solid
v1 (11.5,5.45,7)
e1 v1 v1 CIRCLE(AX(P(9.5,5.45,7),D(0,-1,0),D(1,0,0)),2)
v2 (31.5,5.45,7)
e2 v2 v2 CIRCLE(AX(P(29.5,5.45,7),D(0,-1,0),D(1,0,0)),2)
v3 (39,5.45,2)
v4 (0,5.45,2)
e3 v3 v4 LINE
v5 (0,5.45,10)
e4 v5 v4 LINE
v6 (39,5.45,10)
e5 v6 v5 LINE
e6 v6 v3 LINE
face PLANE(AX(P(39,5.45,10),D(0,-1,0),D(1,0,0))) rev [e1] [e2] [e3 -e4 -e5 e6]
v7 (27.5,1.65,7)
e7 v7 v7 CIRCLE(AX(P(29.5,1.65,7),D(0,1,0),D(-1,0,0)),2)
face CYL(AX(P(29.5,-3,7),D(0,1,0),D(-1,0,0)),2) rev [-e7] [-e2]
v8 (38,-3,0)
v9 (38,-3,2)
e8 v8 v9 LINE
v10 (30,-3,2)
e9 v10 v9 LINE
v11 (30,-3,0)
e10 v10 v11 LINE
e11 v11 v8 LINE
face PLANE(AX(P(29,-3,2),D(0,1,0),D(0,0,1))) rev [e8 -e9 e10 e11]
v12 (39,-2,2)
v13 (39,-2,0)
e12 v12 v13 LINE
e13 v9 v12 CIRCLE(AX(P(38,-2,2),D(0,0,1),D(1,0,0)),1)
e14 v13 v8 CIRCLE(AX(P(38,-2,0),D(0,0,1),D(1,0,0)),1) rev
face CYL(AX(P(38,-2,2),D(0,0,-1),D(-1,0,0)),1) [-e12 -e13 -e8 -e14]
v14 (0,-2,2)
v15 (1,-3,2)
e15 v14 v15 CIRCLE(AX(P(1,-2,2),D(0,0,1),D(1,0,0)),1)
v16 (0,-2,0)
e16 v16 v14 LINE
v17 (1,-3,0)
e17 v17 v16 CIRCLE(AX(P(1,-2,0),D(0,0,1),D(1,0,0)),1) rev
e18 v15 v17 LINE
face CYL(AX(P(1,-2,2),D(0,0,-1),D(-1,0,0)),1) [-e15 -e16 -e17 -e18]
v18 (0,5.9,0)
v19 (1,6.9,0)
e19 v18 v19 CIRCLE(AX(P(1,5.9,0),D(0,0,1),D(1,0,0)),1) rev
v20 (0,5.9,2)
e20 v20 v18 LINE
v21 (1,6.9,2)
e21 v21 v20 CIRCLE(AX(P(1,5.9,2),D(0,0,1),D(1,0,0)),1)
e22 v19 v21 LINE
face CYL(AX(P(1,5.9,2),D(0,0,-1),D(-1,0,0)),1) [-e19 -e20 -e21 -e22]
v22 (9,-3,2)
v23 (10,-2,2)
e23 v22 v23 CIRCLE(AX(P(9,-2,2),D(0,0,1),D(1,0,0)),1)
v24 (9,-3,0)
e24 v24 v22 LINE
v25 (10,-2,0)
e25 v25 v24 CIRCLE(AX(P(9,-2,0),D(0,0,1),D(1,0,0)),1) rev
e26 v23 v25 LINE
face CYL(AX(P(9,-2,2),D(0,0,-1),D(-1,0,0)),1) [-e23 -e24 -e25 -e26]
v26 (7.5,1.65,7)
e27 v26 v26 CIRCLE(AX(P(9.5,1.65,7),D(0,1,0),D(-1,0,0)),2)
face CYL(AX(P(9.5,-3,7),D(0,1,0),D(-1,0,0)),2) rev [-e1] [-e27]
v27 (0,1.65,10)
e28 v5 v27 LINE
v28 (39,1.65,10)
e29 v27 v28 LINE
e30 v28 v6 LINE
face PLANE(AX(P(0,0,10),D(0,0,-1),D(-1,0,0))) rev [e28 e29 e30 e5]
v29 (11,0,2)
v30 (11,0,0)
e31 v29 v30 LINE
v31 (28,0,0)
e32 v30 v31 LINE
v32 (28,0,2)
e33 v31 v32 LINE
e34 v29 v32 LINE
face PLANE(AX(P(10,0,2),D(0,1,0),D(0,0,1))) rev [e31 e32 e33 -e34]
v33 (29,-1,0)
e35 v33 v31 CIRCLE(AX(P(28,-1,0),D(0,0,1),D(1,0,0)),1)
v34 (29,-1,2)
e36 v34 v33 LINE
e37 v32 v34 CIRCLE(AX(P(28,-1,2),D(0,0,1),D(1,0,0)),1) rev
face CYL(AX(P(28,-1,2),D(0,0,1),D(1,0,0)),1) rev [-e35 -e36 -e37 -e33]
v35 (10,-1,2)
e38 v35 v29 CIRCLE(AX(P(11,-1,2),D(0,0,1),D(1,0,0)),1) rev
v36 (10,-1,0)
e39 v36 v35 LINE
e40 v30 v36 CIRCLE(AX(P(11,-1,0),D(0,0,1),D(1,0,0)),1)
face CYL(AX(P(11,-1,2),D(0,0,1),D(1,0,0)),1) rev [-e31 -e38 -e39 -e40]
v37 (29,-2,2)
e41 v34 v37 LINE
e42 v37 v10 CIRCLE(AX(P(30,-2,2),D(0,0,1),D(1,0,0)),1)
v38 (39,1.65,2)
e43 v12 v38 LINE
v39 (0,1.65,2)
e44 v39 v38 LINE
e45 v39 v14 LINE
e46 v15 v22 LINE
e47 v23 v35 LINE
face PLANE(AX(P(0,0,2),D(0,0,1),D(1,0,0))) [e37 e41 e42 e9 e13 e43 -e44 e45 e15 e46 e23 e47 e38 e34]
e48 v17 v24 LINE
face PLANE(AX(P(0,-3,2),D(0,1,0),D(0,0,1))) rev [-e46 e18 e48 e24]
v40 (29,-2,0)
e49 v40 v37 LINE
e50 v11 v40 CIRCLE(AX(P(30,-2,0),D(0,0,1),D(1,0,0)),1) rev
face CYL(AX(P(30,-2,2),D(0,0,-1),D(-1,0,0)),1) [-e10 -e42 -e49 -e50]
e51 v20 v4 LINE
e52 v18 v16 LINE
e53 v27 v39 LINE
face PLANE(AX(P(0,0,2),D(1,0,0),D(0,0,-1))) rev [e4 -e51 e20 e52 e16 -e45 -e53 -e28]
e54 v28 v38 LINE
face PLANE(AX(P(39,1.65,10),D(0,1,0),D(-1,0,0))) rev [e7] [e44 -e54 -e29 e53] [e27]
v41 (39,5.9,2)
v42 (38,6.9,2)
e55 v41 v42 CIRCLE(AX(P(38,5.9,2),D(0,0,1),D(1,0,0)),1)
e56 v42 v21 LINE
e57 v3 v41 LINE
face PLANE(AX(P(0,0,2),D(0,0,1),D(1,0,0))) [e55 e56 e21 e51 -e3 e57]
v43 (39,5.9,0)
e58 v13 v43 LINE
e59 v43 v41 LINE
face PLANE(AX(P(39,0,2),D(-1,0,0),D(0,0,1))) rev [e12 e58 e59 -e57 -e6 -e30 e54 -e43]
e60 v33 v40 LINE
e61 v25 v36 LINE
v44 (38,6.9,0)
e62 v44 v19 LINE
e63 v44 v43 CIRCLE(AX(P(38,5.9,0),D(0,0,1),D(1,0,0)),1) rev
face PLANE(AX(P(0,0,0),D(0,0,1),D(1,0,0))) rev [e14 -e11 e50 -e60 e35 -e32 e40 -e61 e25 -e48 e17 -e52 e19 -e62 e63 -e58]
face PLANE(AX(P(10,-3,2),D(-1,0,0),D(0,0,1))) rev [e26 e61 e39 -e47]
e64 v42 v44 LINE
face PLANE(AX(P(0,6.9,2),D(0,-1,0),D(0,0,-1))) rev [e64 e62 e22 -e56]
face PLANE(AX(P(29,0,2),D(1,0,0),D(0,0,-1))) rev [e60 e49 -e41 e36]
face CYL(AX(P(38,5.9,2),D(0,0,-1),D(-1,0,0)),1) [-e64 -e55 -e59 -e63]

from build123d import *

# Parameters (mm, degrees)
BOSS_EXTRU_1_DEPTH           = 2
ESQUISSE2_W                  = 39
ESQUISSE2_H                  = 3.8
BOSS_EXTRU_2_DEPTH           = 8
ENL_V_MAT_EXTRU_1_DEPTH      = 41.602493766
ENL_V_MAT_EXTRU_1_DEPTH_BACK = 41.602493766
ESQUISSE3_R                  = 2
CONG_1_R                     = 1


with BuildPart() as part:
    # Esquisse1 → Boss.-Extru.1 (new body)
    with BuildSketch(Plane.XY):
        Polygon((0, 0), (0, 6.9), (39, 6.9), (39, 0), (39, -3), (29, -3), (29, 0), (10, 0), (10, -3), (0, -3), align=None)
    extrude(amount=BOSS_EXTRU_1_DEPTH)

    # Esquisse2 → Boss.-Extru.2 (add)
    with BuildSketch(Plane.XY.offset(2)):
        with Locations((19.5, 3.55)):
            Rectangle(ESQUISSE2_W, ESQUISSE2_H)
    extrude(amount=BOSS_EXTRU_2_DEPTH)

    # Esquisse3 → Enlèv. mat.-Extru.1 (cut, two sides: drawn at the far end of the back side and taken through both)
    with BuildSketch(Plane(origin=(0, 1.65, 0), x_dir=(1, 0, 0), z_dir=(0, 1, 0)).offset(-ENL_V_MAT_EXTRU_1_DEPTH_BACK)):
        with Locations(Location((9.5, -7, 0), (0, 0, 180))):
            Circle(ESQUISSE3_R)
        with Locations(Location((29.5, -7, 0), (0, 0, 180))):
            Circle(ESQUISSE3_R)
    extrude(amount=ENL_V_MAT_EXTRU_1_DEPTH + ENL_V_MAT_EXTRU_1_DEPTH_BACK, mode=Mode.SUBTRACT)

    # Congé1
    cong_1_edges = [part.edges().sort_by_distance(p)[0] for p in [
        (0, 6.9, 1),
        (39, 6.9, 1),
        (39, -3, 1),
        (29, -3, 1),
        (29, 0, 1),
        (10, 0, 1),
        (10, -3, 1),
        (0, -3, 1),
    ]]
    fillet(cong_1_edges, radius=CONG_1_R)


solid = part.part
